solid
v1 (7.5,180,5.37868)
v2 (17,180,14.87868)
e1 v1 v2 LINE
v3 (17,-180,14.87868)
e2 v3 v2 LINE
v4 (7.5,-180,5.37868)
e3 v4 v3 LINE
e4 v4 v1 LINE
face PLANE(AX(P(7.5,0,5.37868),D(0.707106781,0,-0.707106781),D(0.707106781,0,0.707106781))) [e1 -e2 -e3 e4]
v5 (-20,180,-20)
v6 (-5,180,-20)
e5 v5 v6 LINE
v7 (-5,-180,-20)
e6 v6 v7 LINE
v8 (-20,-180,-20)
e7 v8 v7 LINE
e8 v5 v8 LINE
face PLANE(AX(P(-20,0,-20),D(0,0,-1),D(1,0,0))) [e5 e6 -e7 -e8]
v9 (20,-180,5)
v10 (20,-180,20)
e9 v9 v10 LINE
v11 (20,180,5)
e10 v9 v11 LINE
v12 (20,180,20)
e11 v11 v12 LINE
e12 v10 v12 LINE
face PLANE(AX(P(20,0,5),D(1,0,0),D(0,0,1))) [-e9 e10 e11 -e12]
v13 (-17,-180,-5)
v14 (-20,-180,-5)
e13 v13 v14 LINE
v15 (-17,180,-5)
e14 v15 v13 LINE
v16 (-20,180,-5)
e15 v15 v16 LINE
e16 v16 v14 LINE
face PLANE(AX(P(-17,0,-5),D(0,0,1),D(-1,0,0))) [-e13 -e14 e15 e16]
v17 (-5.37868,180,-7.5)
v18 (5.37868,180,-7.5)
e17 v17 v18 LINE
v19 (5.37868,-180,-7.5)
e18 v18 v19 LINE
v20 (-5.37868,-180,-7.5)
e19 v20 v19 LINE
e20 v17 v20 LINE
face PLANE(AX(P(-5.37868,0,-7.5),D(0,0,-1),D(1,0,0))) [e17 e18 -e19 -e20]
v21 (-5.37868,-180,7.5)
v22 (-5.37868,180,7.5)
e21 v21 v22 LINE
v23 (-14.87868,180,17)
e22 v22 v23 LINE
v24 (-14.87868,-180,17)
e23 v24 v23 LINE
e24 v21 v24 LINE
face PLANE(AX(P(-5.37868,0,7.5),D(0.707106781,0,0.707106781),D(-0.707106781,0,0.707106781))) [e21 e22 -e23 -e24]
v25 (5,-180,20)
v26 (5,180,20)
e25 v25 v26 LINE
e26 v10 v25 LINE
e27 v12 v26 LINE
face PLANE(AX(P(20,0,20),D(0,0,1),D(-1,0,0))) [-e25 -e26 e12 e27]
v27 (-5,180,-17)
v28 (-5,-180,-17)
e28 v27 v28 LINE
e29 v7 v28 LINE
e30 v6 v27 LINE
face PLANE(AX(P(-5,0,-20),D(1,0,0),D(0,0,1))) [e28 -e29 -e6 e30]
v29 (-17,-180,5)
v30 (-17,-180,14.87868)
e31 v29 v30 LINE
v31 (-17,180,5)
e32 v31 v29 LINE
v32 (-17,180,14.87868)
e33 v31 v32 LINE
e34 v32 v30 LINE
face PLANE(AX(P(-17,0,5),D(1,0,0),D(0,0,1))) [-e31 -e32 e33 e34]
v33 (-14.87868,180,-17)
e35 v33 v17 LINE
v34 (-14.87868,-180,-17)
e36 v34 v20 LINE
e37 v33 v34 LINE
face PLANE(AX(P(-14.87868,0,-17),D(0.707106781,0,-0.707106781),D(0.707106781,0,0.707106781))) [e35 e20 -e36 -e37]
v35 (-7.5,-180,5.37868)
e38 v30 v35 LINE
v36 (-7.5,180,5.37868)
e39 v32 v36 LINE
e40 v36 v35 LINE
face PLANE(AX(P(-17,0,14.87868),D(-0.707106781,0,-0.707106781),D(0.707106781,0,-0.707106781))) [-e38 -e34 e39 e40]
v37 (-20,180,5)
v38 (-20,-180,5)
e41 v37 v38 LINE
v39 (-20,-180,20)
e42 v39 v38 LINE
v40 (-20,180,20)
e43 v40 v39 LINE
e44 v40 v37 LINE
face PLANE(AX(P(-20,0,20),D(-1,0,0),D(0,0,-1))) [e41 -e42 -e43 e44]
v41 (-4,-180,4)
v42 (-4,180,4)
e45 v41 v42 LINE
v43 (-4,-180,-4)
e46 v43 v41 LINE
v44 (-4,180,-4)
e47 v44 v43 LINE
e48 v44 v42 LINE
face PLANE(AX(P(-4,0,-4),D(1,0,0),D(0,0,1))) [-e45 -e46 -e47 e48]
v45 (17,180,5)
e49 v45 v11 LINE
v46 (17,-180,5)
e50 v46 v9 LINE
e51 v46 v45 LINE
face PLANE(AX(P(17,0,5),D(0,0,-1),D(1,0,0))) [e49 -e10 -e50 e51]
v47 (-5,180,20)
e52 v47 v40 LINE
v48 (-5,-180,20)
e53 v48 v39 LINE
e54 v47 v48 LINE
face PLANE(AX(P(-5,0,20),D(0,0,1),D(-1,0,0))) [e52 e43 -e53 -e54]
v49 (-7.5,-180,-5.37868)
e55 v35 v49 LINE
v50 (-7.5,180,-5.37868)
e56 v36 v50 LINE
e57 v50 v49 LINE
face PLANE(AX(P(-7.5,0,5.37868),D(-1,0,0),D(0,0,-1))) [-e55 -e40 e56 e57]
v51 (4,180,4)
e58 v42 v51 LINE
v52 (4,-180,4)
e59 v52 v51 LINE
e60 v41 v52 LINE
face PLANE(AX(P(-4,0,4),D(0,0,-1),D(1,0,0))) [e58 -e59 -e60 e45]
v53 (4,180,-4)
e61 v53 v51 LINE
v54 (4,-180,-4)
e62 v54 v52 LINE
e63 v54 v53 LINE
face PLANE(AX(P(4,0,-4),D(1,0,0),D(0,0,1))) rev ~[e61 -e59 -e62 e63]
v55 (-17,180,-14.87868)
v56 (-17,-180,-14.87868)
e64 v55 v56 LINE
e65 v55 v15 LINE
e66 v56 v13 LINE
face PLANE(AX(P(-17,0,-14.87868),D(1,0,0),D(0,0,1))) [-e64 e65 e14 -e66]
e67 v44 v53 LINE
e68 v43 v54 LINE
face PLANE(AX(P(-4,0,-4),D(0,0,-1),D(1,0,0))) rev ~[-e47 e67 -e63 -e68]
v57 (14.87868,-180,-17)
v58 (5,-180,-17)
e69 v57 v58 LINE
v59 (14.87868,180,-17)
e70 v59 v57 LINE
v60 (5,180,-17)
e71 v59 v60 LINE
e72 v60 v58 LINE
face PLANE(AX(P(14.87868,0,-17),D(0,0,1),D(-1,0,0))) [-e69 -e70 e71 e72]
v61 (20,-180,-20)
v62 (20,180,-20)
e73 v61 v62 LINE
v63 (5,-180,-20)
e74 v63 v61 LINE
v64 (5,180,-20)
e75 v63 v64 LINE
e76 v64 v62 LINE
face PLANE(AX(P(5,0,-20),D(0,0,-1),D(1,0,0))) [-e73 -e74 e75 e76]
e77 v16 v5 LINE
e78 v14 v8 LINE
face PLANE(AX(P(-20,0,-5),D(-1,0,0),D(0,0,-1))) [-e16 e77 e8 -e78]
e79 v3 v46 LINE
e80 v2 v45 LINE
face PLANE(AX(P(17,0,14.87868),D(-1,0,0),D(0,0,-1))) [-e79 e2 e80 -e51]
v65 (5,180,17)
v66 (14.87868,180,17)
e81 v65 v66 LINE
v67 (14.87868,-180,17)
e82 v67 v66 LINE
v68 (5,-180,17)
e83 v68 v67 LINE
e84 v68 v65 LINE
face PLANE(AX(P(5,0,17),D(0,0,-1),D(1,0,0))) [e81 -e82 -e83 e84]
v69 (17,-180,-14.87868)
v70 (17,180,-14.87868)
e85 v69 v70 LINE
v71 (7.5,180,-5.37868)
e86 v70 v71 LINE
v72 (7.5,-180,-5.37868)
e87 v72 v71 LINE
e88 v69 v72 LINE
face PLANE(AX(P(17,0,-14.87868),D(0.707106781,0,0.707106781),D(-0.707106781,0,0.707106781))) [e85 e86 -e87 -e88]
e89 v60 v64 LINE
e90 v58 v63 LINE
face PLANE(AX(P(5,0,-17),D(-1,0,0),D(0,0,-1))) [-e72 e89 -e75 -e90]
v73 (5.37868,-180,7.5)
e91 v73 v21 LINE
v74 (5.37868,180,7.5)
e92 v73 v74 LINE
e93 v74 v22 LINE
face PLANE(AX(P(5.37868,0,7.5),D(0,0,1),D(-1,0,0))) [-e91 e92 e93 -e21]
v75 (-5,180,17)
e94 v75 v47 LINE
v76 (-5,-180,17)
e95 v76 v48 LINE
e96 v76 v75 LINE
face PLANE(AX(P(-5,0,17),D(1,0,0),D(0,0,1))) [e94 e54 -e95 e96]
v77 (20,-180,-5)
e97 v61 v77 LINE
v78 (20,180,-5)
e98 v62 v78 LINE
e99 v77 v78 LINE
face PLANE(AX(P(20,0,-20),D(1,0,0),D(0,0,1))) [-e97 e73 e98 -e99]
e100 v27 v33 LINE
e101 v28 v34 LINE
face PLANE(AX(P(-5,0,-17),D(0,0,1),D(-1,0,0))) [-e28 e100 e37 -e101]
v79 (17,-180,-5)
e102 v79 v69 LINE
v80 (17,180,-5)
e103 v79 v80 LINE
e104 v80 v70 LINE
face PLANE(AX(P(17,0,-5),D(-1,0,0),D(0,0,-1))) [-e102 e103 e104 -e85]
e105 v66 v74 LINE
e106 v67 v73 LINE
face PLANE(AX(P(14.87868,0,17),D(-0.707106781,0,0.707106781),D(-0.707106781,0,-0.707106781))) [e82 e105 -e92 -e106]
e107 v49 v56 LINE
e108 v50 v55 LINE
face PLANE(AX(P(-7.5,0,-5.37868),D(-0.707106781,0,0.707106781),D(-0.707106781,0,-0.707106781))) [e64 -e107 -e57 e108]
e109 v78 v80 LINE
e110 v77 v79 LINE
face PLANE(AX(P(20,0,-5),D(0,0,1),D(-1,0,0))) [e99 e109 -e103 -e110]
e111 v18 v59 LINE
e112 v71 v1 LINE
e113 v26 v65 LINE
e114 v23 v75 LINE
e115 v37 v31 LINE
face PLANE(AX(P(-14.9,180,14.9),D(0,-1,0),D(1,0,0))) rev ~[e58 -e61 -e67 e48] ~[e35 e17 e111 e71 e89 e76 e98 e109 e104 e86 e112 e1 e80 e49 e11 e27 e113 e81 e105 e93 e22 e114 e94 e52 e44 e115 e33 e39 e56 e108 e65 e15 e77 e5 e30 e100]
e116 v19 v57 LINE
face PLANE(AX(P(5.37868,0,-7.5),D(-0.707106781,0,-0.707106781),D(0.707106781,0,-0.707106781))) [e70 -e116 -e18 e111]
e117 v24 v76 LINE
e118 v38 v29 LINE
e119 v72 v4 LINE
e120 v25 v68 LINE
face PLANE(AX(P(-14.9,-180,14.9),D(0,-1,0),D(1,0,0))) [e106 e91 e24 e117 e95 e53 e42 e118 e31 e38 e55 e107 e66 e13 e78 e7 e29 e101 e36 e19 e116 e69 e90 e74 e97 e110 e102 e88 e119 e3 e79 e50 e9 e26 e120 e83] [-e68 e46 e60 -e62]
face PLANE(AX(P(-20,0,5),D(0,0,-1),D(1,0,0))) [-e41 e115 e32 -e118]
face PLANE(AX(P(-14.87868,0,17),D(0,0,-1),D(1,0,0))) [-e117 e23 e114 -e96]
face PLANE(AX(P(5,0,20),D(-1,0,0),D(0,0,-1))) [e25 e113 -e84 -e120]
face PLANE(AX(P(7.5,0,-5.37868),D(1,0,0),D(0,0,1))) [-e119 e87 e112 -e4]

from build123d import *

# Parameters (mm, degrees)
F0_W     = 8
F0_H     = 8
F1_DEPTH = 180


with BuildPart() as f1:
    # F0 (on Front) → F1 (new body, symmetric)
    with BuildSketch(Plane.XZ):
        Polygon((-5, 17), (-5, 20), (-20, 20), (-20, 5), (-17, 5), (-17, 14.87868), (-17, 17), (-14.87868, 17), align=None)
        Polygon((-17, -5), (-20, -5), (-20, -20), (-5, -20), (-5, -17), (-14.87868, -17), (-17, -17), (-17, -14.87868), align=None)
        Polygon((20, -20), (20, -5), (17, -5), (17, -14.87868), (17, -17), (14.87868, -17), (5, -17), (5, -20), align=None)
        Polygon((20, 5), (20, 20), (5, 20), (5, 17), (14.87868, 17), (17, 17), (17, 14.87868), (17, 5), align=None)
        Polygon((17, 17), (14.87868, 17), (5.37868, 7.5), (7.5, 7.5), (7.5, 5.37868), (17, 14.87868), align=None)
        Polygon((-5.37868, 7.5), (-14.87868, 17), (-17, 17), (-17, 14.87868), (-7.5, 5.37868), (-7.5, 7.5), align=None)
        Polygon((-7.5, -5.37868), (-17, -14.87868), (-17, -17), (-14.87868, -17), (-5.37868, -7.5), (-7.5, -7.5), align=None)
        Polygon((17, -17), (17, -14.87868), (7.5, -5.37868), (7.5, -7.5), (5.37868, -7.5), (14.87868, -17), align=None)
        Polygon((7.5, 7.5), (5.37868, 7.5), (-5.37868, 7.5), (-7.5, 7.5), (-7.5, 5.37868), (-7.5, -5.37868), (-7.5, -7.5), (-5.37868, -7.5), (5.37868, -7.5), (7.5, -7.5), (7.5, -5.37868), (7.5, 5.37868), align=None)
        Rectangle(F0_W, F0_H, mode=Mode.SUBTRACT)
    extrude(amount=F1_DEPTH, both=True)


solid = f1.part
